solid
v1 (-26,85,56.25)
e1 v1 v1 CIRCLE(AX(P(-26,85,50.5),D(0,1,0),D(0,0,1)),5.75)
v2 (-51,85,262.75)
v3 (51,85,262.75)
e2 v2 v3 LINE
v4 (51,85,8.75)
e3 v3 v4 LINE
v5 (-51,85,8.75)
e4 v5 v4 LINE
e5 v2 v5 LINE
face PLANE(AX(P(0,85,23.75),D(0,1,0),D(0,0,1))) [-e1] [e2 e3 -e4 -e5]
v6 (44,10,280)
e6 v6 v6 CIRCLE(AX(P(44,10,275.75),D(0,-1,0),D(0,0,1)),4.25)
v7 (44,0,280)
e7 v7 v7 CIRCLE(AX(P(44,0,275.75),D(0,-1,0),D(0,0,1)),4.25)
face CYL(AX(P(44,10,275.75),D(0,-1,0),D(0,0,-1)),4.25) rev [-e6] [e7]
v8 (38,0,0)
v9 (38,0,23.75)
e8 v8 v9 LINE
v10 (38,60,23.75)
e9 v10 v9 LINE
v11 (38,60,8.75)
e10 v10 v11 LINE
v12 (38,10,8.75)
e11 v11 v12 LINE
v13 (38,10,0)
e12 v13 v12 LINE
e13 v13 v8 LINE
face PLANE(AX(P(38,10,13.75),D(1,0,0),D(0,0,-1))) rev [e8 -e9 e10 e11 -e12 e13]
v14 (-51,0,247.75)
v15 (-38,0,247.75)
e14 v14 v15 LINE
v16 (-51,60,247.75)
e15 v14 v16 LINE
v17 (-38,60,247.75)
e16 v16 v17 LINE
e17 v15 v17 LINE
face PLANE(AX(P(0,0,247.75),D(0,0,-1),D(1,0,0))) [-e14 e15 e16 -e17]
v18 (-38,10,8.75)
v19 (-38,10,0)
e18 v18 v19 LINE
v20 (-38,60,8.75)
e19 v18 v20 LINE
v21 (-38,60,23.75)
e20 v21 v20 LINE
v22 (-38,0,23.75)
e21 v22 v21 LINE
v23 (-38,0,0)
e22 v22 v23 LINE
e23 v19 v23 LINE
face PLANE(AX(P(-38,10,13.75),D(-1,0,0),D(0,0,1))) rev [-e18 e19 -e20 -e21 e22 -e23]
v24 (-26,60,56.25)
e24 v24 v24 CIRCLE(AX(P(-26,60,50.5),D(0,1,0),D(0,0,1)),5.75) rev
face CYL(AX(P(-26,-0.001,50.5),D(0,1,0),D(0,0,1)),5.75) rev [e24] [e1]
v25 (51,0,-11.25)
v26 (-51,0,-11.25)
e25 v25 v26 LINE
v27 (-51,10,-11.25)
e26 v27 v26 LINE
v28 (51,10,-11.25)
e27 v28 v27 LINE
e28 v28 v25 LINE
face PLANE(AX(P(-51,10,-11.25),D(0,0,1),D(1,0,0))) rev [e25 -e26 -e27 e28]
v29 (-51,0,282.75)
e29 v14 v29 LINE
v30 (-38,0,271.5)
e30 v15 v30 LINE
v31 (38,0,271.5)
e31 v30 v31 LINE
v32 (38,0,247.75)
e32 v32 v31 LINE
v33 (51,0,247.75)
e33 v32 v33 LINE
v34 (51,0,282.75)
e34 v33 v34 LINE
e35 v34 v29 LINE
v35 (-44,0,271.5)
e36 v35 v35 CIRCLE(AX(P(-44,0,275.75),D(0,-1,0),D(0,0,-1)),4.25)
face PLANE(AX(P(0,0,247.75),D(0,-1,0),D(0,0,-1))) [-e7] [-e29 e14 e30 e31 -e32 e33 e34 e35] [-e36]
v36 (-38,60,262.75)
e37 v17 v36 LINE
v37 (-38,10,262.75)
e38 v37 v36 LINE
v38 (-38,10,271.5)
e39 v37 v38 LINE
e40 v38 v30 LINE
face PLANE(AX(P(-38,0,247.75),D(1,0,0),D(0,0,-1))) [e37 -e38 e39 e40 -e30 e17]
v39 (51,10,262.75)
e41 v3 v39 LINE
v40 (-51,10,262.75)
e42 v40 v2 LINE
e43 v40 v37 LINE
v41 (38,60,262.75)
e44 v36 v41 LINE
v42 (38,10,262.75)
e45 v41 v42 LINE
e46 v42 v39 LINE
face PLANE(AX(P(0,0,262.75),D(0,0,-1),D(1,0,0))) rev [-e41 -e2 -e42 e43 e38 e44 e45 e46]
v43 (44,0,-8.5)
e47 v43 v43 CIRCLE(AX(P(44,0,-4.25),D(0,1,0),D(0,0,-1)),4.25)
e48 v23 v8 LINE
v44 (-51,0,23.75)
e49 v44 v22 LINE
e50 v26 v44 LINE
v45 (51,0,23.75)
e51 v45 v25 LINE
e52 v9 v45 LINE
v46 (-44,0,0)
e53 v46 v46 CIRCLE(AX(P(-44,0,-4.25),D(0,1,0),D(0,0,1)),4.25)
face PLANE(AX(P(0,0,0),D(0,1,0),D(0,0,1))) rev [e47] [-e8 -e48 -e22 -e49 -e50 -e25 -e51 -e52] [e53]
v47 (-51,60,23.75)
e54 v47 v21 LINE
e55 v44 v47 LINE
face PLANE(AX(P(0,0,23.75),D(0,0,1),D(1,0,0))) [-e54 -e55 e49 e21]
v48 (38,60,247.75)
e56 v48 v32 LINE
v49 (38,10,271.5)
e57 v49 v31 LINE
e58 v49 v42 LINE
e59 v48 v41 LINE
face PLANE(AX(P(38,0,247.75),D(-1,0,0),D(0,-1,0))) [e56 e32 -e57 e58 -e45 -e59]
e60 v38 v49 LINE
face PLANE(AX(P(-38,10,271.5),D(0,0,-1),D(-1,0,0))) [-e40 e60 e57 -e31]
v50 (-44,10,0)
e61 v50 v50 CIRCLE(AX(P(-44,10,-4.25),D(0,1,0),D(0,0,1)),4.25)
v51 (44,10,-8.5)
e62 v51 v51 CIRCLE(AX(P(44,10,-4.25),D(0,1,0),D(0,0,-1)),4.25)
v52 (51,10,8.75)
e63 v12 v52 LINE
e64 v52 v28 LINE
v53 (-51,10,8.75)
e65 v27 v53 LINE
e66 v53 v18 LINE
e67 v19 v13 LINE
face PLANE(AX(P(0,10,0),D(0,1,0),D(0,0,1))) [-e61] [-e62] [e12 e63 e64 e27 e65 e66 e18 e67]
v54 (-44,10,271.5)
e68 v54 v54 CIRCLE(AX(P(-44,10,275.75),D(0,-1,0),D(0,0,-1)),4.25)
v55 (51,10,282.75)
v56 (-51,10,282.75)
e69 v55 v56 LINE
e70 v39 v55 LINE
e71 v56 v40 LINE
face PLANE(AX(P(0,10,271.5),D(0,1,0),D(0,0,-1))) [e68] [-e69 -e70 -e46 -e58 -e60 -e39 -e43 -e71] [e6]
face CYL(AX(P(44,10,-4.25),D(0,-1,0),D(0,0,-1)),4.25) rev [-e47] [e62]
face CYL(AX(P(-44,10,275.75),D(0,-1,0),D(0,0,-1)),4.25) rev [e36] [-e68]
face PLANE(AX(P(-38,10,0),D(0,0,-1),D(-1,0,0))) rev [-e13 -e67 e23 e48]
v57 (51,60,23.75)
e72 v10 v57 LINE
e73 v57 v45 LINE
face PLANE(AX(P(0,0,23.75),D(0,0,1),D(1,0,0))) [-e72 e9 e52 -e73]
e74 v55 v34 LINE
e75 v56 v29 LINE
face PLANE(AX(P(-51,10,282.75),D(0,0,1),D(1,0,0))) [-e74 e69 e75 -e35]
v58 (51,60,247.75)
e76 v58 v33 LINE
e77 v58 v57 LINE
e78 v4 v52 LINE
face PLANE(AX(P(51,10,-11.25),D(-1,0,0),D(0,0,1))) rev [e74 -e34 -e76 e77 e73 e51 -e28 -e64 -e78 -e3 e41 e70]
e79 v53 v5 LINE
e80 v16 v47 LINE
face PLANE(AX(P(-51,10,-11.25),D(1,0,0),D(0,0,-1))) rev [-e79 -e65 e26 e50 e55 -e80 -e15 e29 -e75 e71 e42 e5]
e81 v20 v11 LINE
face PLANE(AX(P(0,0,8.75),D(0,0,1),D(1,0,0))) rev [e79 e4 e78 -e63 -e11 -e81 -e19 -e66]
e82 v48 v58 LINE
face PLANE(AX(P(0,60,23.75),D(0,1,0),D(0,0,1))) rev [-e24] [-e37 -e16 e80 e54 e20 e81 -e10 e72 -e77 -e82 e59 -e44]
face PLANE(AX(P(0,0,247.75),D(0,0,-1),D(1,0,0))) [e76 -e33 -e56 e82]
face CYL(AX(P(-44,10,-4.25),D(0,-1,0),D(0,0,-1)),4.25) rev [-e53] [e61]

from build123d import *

# Parameters (mm, degrees)
SKETCH1_R           = 4.25
BOSS_EXTRUDE1_DEPTH = 10
BOSS_EXTRUDE2_START = -5
BOSS_EXTRUDE2_DEPTH = 15
SKETCH3_W           = 102
SKETCH3_H           = 25
BOSS_EXTRUDE3_DEPTH = 224
CUT_EXTRUDE1_REACH  = 268.845
SKETCH4_R           = 5.75


with BuildPart() as part:
    # Sketch1 → Boss-Extrude1 (new body)
    with BuildSketch(Plane(origin=(0, 0, 0), x_dir=(1, 0, 0), z_dir=(0, 1, 0))):
        Polygon((-51, 11.25), (51, 11.25), (51, 0), (51, -13.75), (38, -13.75), (38, 0), (-38, 0), (-38, -13.75), (-51, -13.75), align=None)
        with Locations(Location((-44, 4.25, 0), (0, 0, 270))):
            Circle(SKETCH1_R, mode=Mode.SUBTRACT)
        with Locations(Location((44, 4.25, 0), (0, 0, 90))):
            Circle(SKETCH1_R, mode=Mode.SUBTRACT)
    boss_extrude1 = extrude(amount=BOSS_EXTRUDE1_DEPTH)

    # Sketch2 → Boss-Extrude2 (add)
    with BuildSketch(Plane.XY.offset(13.75).offset(BOSS_EXTRUDE2_START)):
        Polygon((-51, 85), (-51, 0), (-38, 0), (-38, 60), (38, 60), (38, 0), (51, 0), (51, 85), align=None)
    boss_extrude2 = extrude(amount=BOSS_EXTRUDE2_DEPTH)

    # Sketch3 → Boss-Extrude3 (add)
    with BuildSketch(Plane.XY.offset(23.75)):
        with Locations((0, 72.5)):
            Rectangle(SKETCH3_W, SKETCH3_H)
    extrude(amount=BOSS_EXTRUDE3_DEPTH)

    # Sketch4 → Cut-Extrude1 (cut, up to next)
    with BuildSketch(Plane(origin=(0, 85, 0), x_dir=(1, 0, 0), z_dir=(0, 1, 0)), mode=Mode.PRIVATE) as cut_extrude1_sk1:
        with Locations(Location((-26, -50.5, 0), (0, 0, 270))):
            Circle(SKETCH4_R)
    cut_extrude1_tool1 = extrude(cut_extrude1_sk1.sketch, amount=-CUT_EXTRUDE1_REACH, mode=Mode.PRIVATE) & part.part
    add(cut_extrude1_tool1.solids().sort_by_distance((-26, 85, 50.5))[0], mode=Mode.SUBTRACT)

    # Mirror3: Boss-Extrude2 across plane
    add(boss_extrude2.mirror(Plane(origin=(0, 0, 135.75), x_dir=(1, 0, 0), z_dir=(0, 0, -1))))

    # Mirror4: Boss-Extrude1 across plane
    add(boss_extrude1.mirror(Plane(origin=(0, 0, 135.75), x_dir=(1, 0, 0), z_dir=(0, 0, -1))))


solid = part.part
